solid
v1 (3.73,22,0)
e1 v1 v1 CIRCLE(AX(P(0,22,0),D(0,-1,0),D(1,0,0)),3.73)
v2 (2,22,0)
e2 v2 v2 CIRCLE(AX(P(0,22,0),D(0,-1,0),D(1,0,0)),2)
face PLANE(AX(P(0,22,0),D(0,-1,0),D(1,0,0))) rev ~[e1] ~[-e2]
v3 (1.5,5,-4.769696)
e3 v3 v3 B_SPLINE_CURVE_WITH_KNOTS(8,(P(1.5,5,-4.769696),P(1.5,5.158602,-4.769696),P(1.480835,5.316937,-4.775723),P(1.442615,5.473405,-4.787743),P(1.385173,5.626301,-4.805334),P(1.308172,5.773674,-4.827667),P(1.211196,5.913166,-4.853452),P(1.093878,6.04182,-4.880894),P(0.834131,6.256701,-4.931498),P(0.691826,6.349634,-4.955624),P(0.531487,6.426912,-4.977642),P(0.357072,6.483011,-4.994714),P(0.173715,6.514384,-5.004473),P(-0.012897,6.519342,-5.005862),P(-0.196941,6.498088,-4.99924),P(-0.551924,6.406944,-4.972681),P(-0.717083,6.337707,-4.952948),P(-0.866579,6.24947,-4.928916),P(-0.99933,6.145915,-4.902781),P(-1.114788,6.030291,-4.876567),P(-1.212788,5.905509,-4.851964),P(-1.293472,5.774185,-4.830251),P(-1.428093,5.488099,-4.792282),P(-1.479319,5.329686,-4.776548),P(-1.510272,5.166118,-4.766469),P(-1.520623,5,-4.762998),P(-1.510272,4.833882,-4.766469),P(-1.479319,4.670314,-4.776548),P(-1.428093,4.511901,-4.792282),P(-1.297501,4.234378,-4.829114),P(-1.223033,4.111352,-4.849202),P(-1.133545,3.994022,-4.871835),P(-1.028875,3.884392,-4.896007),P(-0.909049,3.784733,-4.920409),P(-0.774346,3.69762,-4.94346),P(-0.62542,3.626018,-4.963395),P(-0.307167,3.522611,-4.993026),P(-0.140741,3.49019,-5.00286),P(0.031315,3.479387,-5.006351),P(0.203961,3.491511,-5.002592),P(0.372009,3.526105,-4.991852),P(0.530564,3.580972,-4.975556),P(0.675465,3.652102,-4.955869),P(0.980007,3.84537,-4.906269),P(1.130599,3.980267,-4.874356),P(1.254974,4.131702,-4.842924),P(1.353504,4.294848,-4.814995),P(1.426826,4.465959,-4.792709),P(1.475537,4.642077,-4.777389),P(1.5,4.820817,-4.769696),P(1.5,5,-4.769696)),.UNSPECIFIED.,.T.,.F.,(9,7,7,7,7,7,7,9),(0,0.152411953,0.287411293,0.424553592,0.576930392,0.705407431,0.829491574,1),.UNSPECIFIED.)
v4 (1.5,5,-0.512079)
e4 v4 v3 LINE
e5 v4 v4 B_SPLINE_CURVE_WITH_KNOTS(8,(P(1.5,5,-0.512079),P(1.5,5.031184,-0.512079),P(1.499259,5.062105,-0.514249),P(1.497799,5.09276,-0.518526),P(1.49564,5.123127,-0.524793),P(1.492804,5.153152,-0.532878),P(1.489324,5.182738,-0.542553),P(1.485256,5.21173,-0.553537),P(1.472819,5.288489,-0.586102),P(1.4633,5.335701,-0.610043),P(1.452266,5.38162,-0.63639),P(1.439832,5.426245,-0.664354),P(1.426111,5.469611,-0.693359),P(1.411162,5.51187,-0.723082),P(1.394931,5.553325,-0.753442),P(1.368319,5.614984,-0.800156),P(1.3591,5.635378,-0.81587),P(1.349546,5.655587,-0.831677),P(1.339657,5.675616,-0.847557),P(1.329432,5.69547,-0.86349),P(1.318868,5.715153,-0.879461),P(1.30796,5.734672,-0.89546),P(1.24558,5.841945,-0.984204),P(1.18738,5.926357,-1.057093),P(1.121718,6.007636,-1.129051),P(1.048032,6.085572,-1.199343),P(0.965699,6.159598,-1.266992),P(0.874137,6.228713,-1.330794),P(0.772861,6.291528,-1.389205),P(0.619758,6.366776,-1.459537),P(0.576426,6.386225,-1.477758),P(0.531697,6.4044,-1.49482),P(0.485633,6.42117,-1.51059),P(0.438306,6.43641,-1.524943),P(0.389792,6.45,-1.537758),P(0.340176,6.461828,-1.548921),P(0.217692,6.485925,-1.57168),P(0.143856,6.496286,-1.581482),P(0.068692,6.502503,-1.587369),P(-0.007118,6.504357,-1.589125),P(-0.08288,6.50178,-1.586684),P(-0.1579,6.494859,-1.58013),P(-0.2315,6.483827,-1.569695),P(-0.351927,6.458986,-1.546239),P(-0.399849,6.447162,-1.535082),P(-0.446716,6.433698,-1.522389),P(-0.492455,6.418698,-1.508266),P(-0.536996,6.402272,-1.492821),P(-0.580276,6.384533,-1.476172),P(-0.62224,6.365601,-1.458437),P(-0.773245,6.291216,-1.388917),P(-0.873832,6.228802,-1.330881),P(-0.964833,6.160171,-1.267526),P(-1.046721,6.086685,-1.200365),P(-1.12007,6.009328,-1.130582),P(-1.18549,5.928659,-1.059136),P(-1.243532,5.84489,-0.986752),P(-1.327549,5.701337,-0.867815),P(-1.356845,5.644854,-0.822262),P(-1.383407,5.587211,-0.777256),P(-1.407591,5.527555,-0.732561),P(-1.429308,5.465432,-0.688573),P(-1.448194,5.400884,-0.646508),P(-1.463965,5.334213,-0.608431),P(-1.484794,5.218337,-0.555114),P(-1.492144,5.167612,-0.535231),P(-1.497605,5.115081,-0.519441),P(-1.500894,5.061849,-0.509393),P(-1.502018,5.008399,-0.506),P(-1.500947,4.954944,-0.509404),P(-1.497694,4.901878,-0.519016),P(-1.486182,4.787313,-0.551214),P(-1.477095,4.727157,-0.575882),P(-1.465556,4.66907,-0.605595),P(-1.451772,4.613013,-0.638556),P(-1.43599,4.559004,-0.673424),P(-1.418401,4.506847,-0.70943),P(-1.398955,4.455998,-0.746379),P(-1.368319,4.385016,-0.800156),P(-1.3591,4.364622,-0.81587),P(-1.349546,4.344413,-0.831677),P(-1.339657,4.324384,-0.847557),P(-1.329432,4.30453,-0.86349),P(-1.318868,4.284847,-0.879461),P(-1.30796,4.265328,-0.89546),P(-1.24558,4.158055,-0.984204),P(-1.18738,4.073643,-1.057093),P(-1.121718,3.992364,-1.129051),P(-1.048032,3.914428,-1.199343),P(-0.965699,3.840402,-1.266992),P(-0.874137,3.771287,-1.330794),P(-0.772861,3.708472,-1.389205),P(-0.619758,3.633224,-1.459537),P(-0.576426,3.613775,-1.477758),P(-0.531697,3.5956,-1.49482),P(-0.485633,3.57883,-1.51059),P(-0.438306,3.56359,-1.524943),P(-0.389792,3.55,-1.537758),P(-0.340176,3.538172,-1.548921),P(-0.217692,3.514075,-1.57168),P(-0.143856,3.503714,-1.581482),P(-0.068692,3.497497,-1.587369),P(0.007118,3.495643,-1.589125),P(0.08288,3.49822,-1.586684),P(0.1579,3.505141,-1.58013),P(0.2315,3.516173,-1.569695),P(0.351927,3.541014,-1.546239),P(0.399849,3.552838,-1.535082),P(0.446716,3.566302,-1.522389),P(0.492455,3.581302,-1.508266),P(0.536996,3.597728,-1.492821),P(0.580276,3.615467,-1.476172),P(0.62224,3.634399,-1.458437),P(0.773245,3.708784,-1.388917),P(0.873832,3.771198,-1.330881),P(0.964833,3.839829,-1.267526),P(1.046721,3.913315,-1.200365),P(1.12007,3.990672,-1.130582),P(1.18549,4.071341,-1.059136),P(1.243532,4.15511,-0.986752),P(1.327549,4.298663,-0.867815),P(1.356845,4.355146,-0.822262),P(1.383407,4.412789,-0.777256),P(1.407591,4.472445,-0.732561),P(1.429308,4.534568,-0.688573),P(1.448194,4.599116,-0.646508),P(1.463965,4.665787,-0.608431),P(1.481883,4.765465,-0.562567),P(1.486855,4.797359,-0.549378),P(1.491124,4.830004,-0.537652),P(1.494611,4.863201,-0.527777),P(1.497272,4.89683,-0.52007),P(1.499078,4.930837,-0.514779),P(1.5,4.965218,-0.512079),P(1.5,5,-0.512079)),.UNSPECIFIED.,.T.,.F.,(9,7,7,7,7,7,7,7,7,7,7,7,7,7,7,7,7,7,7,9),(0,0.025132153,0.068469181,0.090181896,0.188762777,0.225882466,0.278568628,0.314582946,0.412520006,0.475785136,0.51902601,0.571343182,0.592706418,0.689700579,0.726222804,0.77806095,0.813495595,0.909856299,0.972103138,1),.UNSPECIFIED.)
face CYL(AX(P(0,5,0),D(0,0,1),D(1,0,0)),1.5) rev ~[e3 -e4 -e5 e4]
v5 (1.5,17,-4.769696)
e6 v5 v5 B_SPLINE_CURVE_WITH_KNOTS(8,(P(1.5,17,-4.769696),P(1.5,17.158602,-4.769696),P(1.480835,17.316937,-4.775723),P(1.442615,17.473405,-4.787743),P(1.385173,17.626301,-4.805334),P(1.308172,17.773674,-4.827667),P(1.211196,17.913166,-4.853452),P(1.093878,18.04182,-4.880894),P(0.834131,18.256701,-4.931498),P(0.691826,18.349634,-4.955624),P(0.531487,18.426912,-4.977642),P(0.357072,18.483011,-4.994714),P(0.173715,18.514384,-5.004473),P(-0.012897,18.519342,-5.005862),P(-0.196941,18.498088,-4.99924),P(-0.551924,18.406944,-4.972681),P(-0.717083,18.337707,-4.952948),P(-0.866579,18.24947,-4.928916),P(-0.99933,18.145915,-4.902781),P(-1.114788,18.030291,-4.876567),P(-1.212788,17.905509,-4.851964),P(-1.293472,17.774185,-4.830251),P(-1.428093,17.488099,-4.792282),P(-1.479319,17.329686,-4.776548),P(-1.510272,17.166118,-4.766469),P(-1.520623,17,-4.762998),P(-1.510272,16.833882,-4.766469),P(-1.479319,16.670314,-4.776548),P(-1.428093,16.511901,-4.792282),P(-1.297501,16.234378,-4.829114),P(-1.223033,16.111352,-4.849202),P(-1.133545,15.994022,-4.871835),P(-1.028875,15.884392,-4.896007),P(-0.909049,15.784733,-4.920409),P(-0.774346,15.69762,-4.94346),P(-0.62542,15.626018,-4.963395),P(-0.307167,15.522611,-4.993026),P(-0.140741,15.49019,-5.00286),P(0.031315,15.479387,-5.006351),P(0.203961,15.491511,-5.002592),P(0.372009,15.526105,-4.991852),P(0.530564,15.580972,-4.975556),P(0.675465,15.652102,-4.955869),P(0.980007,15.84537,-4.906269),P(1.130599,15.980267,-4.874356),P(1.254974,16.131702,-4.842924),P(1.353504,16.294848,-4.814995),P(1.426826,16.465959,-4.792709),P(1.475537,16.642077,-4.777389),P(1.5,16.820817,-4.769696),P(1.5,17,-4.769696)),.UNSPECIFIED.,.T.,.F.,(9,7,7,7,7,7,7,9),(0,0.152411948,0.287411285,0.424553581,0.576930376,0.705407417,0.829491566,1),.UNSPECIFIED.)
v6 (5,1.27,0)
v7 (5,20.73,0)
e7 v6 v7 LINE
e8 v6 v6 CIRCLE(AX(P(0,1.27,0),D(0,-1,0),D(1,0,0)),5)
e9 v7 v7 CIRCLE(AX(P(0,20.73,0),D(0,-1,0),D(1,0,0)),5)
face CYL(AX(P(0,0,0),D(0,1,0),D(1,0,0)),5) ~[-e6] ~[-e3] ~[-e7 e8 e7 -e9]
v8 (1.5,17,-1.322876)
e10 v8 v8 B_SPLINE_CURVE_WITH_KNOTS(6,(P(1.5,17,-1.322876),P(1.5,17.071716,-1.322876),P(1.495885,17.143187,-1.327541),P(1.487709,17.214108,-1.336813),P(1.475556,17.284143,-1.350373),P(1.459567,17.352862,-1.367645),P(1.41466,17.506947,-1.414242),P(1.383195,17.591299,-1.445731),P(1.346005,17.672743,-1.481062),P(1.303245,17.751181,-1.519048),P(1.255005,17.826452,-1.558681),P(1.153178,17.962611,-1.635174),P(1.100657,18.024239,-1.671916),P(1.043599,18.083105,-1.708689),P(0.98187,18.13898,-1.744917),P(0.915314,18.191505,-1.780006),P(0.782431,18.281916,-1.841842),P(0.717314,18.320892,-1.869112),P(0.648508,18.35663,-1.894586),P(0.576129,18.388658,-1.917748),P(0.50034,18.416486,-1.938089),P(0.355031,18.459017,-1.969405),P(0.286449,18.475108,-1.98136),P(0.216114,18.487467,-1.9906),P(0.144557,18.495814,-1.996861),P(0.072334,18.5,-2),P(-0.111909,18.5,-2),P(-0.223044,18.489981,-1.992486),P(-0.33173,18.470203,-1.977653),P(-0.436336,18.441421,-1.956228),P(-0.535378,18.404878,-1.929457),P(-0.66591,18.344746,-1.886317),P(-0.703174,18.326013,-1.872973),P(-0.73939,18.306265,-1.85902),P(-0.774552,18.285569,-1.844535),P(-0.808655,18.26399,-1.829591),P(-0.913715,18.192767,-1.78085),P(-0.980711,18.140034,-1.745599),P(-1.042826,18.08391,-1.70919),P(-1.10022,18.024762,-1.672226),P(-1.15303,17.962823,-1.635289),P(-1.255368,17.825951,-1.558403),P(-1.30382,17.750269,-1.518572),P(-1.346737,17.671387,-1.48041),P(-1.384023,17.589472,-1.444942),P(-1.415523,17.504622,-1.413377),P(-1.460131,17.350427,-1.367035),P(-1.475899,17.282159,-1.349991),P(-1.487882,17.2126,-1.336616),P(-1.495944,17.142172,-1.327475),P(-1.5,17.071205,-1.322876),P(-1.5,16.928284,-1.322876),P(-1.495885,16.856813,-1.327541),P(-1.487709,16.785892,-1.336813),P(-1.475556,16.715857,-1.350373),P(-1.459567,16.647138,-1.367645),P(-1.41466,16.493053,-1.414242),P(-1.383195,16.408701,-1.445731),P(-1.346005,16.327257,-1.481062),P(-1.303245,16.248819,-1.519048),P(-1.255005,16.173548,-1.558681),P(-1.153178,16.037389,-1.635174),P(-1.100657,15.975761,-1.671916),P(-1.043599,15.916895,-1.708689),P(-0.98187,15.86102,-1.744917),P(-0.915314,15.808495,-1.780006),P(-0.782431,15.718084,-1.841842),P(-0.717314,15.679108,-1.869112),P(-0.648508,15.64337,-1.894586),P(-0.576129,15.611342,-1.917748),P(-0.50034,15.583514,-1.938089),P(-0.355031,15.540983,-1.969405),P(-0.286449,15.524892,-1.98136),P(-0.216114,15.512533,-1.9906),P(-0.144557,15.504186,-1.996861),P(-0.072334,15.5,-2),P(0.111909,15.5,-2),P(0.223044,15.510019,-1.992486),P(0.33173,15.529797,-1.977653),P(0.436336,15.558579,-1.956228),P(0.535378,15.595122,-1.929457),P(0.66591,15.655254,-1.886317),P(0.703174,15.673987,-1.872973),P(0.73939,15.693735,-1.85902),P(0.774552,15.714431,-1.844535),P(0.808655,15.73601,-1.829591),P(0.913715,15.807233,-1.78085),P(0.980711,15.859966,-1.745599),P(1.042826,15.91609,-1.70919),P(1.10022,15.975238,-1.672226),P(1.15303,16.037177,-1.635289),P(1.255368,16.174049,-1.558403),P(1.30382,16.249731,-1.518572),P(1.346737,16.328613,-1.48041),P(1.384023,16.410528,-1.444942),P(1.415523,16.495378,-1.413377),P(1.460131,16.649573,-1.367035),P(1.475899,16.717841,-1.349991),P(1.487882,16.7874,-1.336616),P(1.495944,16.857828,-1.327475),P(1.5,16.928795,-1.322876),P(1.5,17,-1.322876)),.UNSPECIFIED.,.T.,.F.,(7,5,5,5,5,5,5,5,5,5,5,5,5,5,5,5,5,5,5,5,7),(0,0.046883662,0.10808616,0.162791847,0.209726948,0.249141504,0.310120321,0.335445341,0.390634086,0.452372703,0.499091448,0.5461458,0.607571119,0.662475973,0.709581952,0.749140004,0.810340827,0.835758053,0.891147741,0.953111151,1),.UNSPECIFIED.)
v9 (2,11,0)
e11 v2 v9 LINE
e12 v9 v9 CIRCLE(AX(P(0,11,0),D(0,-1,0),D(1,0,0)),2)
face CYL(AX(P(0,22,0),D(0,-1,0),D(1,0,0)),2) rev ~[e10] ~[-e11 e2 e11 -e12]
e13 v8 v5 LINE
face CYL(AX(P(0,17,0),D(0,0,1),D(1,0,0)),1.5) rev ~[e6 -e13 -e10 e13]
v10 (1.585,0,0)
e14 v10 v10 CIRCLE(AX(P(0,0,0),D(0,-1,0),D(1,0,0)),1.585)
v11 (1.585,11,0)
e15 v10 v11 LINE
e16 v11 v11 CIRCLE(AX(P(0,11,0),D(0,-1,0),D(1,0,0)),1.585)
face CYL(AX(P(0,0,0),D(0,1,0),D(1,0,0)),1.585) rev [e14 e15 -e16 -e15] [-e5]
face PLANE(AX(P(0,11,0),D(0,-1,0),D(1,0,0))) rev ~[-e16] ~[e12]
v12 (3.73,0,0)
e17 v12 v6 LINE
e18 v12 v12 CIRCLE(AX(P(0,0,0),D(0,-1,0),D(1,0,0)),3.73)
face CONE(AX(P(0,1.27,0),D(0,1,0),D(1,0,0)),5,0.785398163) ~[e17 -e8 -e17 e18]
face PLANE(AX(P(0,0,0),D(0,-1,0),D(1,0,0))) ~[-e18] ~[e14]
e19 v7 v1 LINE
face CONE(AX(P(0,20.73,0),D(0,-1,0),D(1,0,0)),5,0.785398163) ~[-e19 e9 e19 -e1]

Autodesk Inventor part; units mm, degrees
ref_plane "YZ Plane" through (0, 0, 0) normal (1, 0, 0) x (0, 1, 0)
ref_plane "XZ Plane" through (0, 0, 0) normal (0, 1, 0) x (-1, 0, 0)
ref_plane "XY Plane" through (0, 0, 0) normal (0, 0, 1) x (1, 0, 0)
sketch "Sketch1" plane through (0, 0, 0) normal (0, 0, 1) x (1, 0, 0)
  line L0 (0, 0) -> (5, 0)
  line L1 (5, 0) -> (5, 22)
  line L2 (5, 22) -> (0, 22)
  line L3 (0, 0) -> (1.585, 0)
  line L4 (1.585, 0) -> (1.585, 11)
  line L5 (0, 22) -> (2, 22)
  line L6 (2, 22) -> (2, 11)
  line L7 (2, 11) -> (1.585, 11)
  circle A0 centre (0, 17) radius 1.5
  circle A1 centre (0, 5) radius 1.5
  line L8 (0, 0) -> (0, -2.0166)
  dimension "d0" = 5
  dimension "d1" = 22
  dimension "d2" = 1.585
  dimension "d3" = 2
  dimension "d4" = 3
  dimension "d5" = 3
  dimension "d6" = 5
  dimension "d7" = 5
revolve "Revolution1" add sketch "Sketch1" angle 360 about axis through (0, 0, 0) along (0, -1, 0) contours L4 L7 L6 L2 L1 L0
extrude "Extrusion1" cut sketch "Sketch1" against normal blind 25.4 contours A0 | A1
chamfer "Chamfer1" distance 1.27 angle 45 2 edges at (-5, 22, 0) (-5, 0, 0)
properties part number "MotorShaftCoupler"
